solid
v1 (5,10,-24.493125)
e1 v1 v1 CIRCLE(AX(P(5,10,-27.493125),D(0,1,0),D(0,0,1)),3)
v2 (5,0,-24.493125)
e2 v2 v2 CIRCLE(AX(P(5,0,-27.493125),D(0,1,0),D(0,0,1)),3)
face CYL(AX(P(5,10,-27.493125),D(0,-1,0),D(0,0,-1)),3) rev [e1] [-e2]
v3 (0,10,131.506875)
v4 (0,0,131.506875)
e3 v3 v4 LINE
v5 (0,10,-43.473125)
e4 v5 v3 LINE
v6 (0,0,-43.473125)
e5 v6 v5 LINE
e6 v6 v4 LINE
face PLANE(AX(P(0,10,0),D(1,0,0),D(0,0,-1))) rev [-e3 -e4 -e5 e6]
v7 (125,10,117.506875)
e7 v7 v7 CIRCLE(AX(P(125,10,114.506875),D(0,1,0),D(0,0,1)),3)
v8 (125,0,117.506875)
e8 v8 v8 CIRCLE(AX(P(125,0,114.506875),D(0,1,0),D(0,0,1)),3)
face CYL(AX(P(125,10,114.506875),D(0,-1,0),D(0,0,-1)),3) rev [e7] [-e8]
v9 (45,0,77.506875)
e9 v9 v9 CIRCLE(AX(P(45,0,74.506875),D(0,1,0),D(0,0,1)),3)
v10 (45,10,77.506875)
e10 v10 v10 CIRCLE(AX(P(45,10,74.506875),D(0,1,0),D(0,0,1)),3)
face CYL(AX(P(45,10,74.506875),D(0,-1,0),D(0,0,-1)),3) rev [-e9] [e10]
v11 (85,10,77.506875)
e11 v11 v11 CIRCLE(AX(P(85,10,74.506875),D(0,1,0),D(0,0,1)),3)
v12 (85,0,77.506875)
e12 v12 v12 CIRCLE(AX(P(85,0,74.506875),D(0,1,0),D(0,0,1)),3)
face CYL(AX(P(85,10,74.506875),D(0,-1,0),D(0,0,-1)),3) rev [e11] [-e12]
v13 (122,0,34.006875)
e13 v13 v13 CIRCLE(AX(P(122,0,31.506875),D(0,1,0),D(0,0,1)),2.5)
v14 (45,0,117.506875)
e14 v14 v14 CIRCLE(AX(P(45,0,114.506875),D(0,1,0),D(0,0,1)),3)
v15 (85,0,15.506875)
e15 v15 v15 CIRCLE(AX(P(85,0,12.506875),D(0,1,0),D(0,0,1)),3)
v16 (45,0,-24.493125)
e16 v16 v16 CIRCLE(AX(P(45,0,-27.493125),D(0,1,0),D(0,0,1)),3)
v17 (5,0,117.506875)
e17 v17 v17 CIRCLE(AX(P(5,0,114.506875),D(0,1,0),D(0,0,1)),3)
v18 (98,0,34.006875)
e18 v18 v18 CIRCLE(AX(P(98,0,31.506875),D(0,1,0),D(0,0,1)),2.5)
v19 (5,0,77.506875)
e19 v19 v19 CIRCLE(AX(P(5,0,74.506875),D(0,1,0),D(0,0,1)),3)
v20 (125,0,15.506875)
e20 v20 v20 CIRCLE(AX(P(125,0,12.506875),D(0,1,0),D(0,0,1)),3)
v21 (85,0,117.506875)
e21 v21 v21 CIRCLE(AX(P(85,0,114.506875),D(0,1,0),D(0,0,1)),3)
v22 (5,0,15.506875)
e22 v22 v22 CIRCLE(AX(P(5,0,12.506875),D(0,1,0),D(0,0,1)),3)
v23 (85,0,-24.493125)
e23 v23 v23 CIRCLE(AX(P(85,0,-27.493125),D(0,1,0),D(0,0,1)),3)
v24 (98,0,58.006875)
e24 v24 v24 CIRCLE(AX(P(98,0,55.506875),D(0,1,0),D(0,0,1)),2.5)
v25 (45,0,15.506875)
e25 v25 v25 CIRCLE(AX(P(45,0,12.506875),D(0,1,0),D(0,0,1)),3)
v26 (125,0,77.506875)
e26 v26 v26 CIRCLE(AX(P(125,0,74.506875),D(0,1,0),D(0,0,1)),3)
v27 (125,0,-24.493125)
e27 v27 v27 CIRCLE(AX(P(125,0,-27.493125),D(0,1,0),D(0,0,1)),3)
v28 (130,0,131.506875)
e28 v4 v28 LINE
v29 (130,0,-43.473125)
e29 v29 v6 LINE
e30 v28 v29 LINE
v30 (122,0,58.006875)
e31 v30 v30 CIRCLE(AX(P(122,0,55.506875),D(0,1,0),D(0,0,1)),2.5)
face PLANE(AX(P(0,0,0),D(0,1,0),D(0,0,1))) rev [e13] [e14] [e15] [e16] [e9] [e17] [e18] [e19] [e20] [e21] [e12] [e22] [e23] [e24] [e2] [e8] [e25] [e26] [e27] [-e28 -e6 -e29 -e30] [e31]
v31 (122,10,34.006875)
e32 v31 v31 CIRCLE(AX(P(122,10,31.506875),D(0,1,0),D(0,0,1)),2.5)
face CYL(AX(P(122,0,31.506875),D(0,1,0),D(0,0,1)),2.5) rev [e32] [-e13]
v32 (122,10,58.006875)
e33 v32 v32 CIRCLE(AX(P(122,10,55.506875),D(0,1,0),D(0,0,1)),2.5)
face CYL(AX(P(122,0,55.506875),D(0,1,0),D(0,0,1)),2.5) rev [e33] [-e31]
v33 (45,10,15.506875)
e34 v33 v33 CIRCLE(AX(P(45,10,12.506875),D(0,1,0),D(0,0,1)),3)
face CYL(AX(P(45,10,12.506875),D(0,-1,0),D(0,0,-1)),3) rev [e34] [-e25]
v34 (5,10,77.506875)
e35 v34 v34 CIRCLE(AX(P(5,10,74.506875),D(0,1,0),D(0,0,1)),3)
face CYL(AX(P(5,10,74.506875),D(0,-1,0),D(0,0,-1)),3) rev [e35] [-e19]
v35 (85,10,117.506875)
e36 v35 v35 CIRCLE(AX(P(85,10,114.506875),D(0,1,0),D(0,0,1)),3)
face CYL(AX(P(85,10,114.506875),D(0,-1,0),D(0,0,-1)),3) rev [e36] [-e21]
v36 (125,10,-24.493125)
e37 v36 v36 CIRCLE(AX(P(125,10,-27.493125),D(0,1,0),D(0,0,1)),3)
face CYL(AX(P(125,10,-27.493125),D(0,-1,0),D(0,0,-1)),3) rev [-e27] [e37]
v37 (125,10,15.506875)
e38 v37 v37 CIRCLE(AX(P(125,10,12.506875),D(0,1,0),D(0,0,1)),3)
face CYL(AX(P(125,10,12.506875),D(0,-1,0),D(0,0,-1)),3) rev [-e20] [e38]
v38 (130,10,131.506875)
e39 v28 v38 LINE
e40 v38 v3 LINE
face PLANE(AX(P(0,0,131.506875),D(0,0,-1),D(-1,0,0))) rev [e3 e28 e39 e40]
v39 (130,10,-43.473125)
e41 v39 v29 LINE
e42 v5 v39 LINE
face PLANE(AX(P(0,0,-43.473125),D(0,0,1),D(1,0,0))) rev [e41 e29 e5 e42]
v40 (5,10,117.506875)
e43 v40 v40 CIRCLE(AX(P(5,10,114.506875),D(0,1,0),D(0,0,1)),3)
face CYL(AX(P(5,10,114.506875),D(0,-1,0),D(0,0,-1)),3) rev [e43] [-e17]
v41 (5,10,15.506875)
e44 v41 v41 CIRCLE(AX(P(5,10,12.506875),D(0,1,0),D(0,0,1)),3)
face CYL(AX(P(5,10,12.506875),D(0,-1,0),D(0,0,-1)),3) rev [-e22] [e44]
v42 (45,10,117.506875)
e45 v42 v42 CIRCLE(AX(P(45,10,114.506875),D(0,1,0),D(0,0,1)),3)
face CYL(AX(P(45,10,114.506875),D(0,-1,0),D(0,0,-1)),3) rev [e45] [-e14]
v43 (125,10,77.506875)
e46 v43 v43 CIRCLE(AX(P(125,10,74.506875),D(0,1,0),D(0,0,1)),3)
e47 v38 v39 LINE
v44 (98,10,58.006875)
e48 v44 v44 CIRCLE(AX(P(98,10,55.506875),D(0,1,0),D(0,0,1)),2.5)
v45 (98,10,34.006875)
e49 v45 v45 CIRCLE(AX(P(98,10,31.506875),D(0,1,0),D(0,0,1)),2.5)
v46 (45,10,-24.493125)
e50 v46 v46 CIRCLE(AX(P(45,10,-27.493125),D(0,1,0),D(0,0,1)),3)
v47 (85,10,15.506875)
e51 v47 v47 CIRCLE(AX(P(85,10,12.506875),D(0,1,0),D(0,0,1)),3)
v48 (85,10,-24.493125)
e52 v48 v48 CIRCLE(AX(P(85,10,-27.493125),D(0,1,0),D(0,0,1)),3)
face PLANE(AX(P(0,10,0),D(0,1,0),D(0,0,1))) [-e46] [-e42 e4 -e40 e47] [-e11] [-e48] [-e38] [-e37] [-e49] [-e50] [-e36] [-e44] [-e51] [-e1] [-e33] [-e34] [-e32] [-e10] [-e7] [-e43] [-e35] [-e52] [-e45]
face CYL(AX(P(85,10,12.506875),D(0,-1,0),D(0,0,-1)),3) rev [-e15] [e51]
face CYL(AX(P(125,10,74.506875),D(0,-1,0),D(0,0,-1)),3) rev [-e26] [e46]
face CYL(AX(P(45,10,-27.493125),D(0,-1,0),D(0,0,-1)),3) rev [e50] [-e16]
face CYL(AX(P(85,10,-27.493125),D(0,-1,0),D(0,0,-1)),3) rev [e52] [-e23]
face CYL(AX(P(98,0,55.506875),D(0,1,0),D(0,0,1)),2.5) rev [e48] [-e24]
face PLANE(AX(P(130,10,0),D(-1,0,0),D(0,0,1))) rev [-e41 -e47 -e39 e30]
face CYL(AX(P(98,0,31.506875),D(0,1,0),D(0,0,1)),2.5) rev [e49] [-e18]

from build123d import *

# Parameters (mm, degrees)
SKETCH1_W           = 130
SKETCH1_H           = 156
SKETCH1_R           = 3
BOSS_EXTRUDE1_DEPTH = 10
SKETCH2_R           = 2.5
CUT_EXTRUDE1_DEPTH  = 10
SKETCH3_W           = 130
SKETCH3_H           = 10
BOSS_EXTRUDE2_DEPTH = 10
SKETCH4_W           = 130
SKETCH4_H           = 10
CUT_EXTRUDE2_DEPTH  = 10
SKETCH5_W           = 130
SKETCH5_H           = 10
BOSS_EXTRUDE3_DEPTH = 10
SKETCH6_W           = 130
SKETCH6_H           = 10
BOSS_EXTRUDE4_DEPTH = 8.98


with BuildPart() as part:
    # Sketch1 → Boss-Extrude1 (new body)
    with BuildSketch(Plane(origin=(0, 0, 0), x_dir=(1, 0, 0), z_dir=(0, 1, 0))):
        with Locations((65, -43.506875339)):
            Rectangle(SKETCH1_W, SKETCH1_H)
        with Locations(Location((5, 27.493124661, 0), (0, 0, 270))):
            Circle(SKETCH1_R, mode=Mode.SUBTRACT)
        with Locations(Location((45, 27.493124661, 0), (0, 0, 270))):
            Circle(SKETCH1_R, mode=Mode.SUBTRACT)
        with Locations(Location((45, -12.506875339, 0), (0, 0, 270))):
            Circle(SKETCH1_R, mode=Mode.SUBTRACT)
        with Locations(Location((5, -12.506875339, 0), (0, 0, 270))):
            Circle(SKETCH1_R, mode=Mode.SUBTRACT)
        with Locations(Location((85, 27.493124661, 0), (0, 0, 270))):
            Circle(SKETCH1_R, mode=Mode.SUBTRACT)
        with Locations(Location((125, 27.493124661, 0), (0, 0, 270))):
            Circle(SKETCH1_R, mode=Mode.SUBTRACT)
        with Locations(Location((85, -12.506875339, 0), (0, 0, 270))):
            Circle(SKETCH1_R, mode=Mode.SUBTRACT)
        with Locations(Location((125, -12.506875339, 0), (0, 0, 270))):
            Circle(SKETCH1_R, mode=Mode.SUBTRACT)
        with Locations(Location((85, -74.506875339, 0), (0, 0, 270))):
            Circle(SKETCH1_R, mode=Mode.SUBTRACT)
        with Locations(Location((125, -74.506875339, 0), (0, 0, 270))):
            Circle(SKETCH1_R, mode=Mode.SUBTRACT)
        with Locations(Location((125, -114.506875339, 0), (0, 0, 270))):
            Circle(SKETCH1_R, mode=Mode.SUBTRACT)
        with Locations(Location((85, -114.506875339, 0), (0, 0, 270))):
            Circle(SKETCH1_R, mode=Mode.SUBTRACT)
        with Locations(Location((5, -74.506875339, 0), (0, 0, 270))):
            Circle(SKETCH1_R, mode=Mode.SUBTRACT)
        with Locations(Location((45, -74.506875339, 0), (0, 0, 270))):
            Circle(SKETCH1_R, mode=Mode.SUBTRACT)
        with Locations(Location((5, -114.506875339, 0), (0, 0, 270))):
            Circle(SKETCH1_R, mode=Mode.SUBTRACT)
        with Locations(Location((45, -114.506875339, 0), (0, 0, 270))):
            Circle(SKETCH1_R, mode=Mode.SUBTRACT)
    extrude(amount=BOSS_EXTRUDE1_DEPTH)

    # Sketch2 → Cut-Extrude1 (cut)
    with BuildSketch(Plane(origin=(0, 10, 0), x_dir=(1, 0, 0), z_dir=(0, 1, 0))):
        with Locations(Location((98, -31.506875339, 0), (0, 0, 270))):
            Circle(SKETCH2_R)
        with Locations(Location((98, -55.506875339, 0), (0, 0, 270))):
            Circle(SKETCH2_R)
        with Locations(Location((122, -55.506875339, 0), (0, 0, 270))):
            Circle(SKETCH2_R)
        with Locations(Location((122, -31.506875339, 0), (0, 0, 270))):
            Circle(SKETCH2_R)
    extrude(amount=-CUT_EXTRUDE1_DEPTH, mode=Mode.SUBTRACT)

    # Sketch3 → Boss-Extrude2 (add)
    with BuildSketch(Plane(origin=(0, 0, -34.493124661), x_dir=(-1, 0, 0), z_dir=(0, 0, -1))):
        with Locations((-65, 5)):
            Rectangle(SKETCH3_W, SKETCH3_H)
    extrude(amount=BOSS_EXTRUDE2_DEPTH)

    # Sketch4 → Cut-Extrude2 (cut)
    with BuildSketch(Plane(origin=(0, 0, -44.493124661), x_dir=(-1, 0, 0), z_dir=(0, 0, -1))):
        with Locations((-65, 5)):
            Rectangle(SKETCH4_W, SKETCH4_H)
    extrude(amount=-CUT_EXTRUDE2_DEPTH, mode=Mode.SUBTRACT)

    # Sketch5 → Boss-Extrude3 (add)
    with BuildSketch(Plane.XY.offset(121.506875339)):
        with Locations((65, 5)):
            Rectangle(SKETCH5_W, SKETCH5_H)
    extrude(amount=BOSS_EXTRUDE3_DEPTH)

    # Sketch6 → Boss-Extrude4 (add)
    with BuildSketch(Plane(origin=(0, 0, -34.493124661), x_dir=(-1, 0, 0), z_dir=(0, 0, -1))):
        with Locations((-65, 5)):
            Rectangle(SKETCH6_W, SKETCH6_H)
    extrude(amount=BOSS_EXTRUDE4_DEPTH)


solid = part.part
